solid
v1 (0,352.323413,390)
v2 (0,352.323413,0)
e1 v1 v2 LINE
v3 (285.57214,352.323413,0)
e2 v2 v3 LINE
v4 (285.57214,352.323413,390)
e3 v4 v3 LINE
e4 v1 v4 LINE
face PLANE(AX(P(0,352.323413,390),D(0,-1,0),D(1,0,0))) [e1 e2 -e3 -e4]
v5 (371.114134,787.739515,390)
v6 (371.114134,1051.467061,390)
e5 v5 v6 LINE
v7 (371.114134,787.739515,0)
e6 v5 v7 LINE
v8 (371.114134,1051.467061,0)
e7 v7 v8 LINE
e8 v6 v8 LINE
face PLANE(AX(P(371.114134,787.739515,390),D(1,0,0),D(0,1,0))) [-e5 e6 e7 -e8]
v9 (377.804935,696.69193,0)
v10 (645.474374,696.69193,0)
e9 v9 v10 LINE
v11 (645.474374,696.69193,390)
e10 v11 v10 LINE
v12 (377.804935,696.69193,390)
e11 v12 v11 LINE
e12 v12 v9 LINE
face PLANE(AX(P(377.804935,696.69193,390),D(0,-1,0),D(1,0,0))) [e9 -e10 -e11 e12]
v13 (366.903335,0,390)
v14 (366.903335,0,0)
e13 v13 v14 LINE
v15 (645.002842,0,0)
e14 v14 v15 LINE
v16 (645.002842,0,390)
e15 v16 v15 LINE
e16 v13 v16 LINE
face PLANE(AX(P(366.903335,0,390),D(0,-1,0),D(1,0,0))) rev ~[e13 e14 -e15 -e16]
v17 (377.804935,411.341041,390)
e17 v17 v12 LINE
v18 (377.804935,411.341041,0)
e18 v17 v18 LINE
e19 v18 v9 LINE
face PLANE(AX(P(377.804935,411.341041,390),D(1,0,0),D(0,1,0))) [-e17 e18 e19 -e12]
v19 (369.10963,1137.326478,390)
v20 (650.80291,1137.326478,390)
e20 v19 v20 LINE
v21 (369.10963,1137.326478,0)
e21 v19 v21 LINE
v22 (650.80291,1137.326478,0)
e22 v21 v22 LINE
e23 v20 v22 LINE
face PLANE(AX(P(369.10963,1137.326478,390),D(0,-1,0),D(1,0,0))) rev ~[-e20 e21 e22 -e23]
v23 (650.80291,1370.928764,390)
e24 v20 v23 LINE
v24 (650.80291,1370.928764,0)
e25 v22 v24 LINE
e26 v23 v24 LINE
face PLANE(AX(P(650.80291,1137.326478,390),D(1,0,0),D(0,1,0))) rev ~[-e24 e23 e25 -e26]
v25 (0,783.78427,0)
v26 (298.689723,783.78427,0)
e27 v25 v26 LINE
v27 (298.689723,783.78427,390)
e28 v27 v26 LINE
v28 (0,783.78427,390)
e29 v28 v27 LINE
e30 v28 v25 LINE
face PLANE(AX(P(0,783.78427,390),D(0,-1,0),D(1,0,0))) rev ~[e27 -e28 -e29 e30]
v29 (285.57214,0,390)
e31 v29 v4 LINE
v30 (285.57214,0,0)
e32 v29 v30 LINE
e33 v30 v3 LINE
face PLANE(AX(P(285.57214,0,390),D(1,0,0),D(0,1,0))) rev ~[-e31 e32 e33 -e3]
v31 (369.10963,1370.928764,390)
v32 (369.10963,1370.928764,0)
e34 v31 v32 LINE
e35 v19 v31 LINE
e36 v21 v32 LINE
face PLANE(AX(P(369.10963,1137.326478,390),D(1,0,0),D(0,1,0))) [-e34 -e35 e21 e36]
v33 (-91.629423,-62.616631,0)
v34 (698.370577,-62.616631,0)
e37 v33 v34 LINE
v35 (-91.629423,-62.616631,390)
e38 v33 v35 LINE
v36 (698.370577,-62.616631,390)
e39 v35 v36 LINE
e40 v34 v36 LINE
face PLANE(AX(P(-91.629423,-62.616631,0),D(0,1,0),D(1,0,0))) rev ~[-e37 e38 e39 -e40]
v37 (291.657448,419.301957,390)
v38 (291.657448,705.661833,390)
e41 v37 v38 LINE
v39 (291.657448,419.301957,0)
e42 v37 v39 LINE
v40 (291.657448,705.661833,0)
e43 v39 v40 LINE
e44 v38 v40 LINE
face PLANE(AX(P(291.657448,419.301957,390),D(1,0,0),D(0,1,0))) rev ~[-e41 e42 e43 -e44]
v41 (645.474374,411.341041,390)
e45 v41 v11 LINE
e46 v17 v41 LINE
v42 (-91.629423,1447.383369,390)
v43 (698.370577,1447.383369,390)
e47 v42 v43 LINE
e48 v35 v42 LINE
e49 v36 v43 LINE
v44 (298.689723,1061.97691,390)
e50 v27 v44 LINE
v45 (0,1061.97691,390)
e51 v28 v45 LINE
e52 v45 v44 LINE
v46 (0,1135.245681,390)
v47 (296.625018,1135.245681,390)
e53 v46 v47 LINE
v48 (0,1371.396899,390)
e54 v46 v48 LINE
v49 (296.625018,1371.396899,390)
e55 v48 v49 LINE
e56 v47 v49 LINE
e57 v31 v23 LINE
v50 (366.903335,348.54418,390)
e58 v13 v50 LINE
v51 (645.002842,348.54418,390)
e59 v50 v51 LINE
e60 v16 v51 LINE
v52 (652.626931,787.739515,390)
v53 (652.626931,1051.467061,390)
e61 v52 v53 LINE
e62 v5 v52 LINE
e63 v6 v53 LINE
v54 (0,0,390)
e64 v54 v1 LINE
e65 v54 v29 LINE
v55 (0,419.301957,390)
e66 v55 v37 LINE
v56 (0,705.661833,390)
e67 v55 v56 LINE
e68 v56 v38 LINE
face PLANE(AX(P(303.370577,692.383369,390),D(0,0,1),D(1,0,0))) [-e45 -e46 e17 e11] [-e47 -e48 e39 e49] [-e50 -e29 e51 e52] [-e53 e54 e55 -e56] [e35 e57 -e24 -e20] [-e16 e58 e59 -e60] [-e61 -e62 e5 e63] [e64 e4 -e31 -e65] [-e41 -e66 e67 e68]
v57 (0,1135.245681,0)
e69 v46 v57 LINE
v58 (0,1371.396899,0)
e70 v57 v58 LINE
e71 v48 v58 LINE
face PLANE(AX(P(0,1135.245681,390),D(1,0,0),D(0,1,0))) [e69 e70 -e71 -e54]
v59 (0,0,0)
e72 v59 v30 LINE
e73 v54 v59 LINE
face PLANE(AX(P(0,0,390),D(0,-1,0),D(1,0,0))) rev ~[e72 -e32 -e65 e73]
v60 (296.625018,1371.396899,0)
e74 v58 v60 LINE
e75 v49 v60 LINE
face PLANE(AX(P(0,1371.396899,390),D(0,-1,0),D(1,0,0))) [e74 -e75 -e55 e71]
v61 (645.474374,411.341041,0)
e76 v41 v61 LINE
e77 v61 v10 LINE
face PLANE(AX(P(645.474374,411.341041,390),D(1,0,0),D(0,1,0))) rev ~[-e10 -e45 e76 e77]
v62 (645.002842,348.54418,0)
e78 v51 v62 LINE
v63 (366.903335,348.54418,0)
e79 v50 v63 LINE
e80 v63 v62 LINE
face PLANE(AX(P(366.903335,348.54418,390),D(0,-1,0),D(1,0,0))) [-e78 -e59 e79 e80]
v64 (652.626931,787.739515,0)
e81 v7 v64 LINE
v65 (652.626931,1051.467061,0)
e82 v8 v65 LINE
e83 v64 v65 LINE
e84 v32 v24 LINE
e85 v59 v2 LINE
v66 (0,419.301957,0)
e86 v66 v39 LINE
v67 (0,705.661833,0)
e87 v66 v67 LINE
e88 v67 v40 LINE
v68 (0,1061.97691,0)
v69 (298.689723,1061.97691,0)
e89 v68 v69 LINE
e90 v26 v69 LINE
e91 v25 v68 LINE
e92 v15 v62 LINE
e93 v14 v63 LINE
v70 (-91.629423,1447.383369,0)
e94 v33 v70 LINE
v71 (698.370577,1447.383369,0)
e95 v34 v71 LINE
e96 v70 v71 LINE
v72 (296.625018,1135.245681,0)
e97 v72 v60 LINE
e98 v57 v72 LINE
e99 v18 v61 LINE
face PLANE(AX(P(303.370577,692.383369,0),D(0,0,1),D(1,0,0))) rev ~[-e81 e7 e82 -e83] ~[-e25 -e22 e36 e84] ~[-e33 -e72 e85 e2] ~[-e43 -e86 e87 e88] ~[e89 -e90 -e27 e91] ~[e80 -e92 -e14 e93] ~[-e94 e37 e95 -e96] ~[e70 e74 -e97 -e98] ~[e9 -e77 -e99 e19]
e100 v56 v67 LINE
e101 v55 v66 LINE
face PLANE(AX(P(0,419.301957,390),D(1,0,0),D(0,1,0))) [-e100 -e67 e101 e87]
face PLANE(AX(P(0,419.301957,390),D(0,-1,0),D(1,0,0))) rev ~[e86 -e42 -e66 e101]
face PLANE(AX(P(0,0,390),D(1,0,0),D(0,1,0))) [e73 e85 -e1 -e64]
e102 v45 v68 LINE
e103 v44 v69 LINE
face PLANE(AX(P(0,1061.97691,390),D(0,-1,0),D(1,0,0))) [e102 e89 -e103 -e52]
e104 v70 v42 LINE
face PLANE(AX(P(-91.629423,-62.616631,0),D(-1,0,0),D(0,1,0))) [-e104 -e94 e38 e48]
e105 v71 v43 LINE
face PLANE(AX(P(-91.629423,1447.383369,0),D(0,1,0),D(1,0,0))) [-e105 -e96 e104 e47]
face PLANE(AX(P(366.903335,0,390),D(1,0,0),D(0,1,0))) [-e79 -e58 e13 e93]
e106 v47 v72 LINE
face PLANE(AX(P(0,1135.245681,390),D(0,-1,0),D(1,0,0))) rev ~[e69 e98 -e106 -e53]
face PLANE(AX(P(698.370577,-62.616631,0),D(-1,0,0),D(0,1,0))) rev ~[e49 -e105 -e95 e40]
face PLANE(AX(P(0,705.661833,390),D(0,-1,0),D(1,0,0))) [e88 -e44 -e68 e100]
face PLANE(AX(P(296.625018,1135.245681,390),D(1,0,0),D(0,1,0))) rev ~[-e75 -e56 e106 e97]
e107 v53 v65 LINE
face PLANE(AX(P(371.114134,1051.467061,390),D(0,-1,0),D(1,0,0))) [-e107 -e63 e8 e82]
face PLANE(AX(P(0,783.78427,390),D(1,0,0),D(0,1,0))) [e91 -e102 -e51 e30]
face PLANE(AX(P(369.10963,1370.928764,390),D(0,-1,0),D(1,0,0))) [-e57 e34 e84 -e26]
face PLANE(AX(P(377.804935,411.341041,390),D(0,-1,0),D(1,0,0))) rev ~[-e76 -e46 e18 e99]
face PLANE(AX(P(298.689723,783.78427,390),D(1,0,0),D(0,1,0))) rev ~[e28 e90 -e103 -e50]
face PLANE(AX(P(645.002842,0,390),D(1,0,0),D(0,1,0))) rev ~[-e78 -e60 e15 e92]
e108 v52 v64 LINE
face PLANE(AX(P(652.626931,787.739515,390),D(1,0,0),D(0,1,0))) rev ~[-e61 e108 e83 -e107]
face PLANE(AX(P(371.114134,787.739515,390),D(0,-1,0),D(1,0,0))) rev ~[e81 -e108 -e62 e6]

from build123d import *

# Parameters (mm, degrees)
F0_W     = 790
F0_H     = 1510
F1_DEPTH = 390
F2_W     = 278.099507
F2_H     = 348.54418
F2_W_2   = 285.572141
F2_H_2   = 352.323413
F2_W_3   = 291.657448
F2_H_3   = 286.359876
F2_W_4   = 298.689723
F2_H_4   = 278.19264
F2_W_5   = 296.625018
F2_H_5   = 236.151218
F2_W_6   = 281.693279
F2_H_6   = 233.602285
F2_W_7   = 281.512797
F2_H_7   = 263.727546
F2_W_8   = 267.669439
F2_H_8   = 285.350889
F3_DEPTH = 390.001


with BuildPart() as f1:
    # F0 (on Top) → F1 (new body)
    with BuildSketch(Plane.XY):
        with Locations((303.370577, 692.383369)):
            Rectangle(F0_W, F0_H)
    extrude(amount=F1_DEPTH)

    # F2 (on face) → F3 (cut, through all)
    with BuildSketch(Plane.XY.offset(390)):
        with Locations((505.953088, 174.27209)):
            Rectangle(F2_W, F2_H)
        with Locations((142.78607, 176.161706)):
            Rectangle(F2_W_2, F2_H_2)
        with Locations((145.828724, 562.481895)):
            Rectangle(F2_W_3, F2_H_3)
        with Locations((149.344861, 922.88059)):
            Rectangle(F2_W_4, F2_H_4)
        with Locations((148.312509, 1253.32129)):
            Rectangle(F2_W_5, F2_H_5)
        with Locations((509.95627, 1254.127621)):
            Rectangle(F2_W_6, F2_H_6)
        with Locations((511.870533, 919.603288)):
            Rectangle(F2_W_7, F2_H_7)
        with Locations((511.639655, 554.016485)):
            Rectangle(F2_W_8, F2_H_8)
    extrude(amount=-F3_DEPTH, mode=Mode.SUBTRACT)


solid = f1.part
